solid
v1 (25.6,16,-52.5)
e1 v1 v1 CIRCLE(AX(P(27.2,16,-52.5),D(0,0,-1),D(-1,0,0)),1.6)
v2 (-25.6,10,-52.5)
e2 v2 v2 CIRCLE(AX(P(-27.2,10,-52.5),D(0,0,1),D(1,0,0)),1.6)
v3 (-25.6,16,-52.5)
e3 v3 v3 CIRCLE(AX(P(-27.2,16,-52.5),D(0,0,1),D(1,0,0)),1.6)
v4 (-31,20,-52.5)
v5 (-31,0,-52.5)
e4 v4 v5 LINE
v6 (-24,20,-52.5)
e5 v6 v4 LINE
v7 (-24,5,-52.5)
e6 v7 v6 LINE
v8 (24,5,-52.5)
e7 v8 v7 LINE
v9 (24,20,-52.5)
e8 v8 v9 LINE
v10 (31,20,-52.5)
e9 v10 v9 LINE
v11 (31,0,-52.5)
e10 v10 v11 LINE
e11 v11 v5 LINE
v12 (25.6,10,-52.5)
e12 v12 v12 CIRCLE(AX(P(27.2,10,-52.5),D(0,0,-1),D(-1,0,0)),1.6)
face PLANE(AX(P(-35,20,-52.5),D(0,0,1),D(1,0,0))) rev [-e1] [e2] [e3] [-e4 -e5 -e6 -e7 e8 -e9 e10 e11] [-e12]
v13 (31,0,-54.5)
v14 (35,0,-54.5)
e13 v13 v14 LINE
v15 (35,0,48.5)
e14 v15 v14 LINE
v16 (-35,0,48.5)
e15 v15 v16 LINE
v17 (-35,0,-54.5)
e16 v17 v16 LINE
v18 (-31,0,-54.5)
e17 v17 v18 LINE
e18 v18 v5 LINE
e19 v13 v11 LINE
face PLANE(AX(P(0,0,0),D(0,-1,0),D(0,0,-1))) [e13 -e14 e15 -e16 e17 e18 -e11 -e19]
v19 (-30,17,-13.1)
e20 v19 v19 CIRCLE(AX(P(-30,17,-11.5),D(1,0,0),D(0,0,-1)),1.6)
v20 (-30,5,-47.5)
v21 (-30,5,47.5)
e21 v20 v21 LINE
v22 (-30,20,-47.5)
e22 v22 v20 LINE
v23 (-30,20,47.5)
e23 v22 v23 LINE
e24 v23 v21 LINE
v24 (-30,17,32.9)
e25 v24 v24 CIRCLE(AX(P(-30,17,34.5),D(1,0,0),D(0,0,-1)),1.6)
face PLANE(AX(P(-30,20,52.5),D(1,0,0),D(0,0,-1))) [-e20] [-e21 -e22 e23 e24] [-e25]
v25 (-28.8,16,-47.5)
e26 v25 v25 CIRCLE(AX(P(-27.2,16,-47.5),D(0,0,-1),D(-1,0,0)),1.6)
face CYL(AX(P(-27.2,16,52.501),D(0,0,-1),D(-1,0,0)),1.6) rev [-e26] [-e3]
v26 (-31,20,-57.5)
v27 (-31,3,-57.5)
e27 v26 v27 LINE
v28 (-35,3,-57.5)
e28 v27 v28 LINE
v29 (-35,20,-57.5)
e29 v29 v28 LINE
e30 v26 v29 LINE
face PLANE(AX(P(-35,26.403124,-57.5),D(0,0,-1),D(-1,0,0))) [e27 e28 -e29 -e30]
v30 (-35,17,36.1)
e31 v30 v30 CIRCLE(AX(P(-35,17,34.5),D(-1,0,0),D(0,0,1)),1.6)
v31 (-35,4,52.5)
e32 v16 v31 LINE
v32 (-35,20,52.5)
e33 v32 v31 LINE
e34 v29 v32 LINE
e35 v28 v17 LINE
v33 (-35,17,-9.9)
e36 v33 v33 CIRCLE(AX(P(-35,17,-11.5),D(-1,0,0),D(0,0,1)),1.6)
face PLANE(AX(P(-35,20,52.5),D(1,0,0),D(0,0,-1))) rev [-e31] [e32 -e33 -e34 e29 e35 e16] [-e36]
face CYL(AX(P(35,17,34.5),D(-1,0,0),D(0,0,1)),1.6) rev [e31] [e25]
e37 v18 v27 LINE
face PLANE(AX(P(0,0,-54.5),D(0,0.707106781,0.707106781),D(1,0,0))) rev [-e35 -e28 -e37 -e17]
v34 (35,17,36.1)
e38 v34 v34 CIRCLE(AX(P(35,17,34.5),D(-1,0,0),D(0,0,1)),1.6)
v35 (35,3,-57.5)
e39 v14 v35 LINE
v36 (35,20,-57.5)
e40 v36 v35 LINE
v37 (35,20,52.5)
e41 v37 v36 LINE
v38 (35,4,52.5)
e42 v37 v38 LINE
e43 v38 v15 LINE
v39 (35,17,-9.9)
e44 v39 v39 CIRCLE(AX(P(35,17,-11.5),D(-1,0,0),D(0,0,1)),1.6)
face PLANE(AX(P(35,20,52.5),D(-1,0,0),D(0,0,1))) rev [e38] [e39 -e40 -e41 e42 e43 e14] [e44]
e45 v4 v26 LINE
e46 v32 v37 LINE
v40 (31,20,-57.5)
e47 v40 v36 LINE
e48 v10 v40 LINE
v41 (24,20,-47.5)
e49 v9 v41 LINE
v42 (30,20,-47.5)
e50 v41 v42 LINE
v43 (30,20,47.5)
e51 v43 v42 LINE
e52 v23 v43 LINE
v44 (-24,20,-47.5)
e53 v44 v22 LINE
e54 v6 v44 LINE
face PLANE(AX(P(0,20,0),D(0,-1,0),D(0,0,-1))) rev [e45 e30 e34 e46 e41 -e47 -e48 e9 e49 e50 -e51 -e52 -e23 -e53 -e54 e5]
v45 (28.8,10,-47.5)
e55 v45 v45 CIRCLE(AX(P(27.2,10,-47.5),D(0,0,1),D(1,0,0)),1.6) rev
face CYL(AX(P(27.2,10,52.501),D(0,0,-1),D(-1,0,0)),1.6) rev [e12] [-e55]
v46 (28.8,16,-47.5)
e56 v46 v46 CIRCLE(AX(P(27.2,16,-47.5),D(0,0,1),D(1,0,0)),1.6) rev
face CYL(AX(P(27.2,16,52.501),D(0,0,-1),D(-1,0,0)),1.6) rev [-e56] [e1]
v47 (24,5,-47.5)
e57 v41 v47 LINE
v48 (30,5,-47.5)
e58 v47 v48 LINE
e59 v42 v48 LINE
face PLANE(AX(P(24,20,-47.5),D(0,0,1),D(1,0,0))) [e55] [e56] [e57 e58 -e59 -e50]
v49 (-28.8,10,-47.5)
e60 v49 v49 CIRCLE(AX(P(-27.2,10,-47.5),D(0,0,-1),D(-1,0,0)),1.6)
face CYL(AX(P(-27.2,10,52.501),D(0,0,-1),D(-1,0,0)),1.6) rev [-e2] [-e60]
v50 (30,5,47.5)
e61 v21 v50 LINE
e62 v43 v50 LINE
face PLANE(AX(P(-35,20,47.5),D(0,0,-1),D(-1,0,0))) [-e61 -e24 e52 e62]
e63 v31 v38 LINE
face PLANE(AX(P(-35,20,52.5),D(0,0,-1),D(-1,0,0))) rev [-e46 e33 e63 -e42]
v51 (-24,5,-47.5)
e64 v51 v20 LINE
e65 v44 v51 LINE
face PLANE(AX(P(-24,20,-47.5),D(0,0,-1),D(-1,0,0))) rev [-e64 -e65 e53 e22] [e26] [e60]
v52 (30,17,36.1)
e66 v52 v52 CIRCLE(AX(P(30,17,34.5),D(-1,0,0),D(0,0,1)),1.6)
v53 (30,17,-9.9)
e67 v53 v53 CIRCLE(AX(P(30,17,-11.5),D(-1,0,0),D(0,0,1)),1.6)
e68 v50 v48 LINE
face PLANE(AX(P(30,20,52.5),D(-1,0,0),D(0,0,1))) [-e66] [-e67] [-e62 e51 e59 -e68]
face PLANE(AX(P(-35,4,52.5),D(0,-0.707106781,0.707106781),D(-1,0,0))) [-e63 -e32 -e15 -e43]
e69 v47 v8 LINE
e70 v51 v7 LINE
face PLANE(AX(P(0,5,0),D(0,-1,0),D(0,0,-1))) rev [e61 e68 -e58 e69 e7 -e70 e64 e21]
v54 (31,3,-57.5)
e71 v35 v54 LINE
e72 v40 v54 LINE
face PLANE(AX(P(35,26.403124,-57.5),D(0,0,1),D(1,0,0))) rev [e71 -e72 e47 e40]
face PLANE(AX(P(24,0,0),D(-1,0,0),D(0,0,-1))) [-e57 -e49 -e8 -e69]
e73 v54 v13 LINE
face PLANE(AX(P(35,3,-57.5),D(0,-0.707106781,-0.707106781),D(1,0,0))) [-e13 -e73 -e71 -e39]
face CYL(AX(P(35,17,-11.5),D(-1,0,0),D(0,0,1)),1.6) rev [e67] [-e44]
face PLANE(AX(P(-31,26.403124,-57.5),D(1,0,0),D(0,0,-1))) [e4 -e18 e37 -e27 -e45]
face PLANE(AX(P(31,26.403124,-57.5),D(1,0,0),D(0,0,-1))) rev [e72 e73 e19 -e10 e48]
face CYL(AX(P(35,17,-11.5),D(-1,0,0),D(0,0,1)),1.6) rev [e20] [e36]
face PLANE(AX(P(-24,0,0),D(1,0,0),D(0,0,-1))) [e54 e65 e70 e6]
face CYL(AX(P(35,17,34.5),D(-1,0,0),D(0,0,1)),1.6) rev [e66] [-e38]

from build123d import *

# Parameters (mm, degrees)
CROQUIS1_W                 = 70
CROQUIS1_H                 = 105
SALIENTE_EXTRUIR1_DEPTH    = 20
VACIADO1_T                 = -5
CROQUIS3_R                 = 1.6
CORTAR_EXTRUIR1_DEPTH      = 70
CROQUIS4_W                 = 60
CROQUIS4_H                 = 15
CORTAR_EXTRUIR2_DEPTH      = 5
CROQUIS5_W                 = 5
CROQUIS5_H                 = 15
SALIENTE_EXTRUIR2_DEPTH    = 6
CORTAR_EXTRUIR3_REACH      = 114.472
CROQUIS6_R                 = 1.6
CROQUIS7_W                 = 4
CROQUIS7_H                 = 5
SALIENTE_EXTRUIR3_DEPTH    = 20
CHAFL_N1_SIZE              = 3
CHAFL_N1_OF_SIMETR_A3_SIZE = 3
CHAFL_N2_SIZE              = 4


with BuildPart() as part:
    # Croquis1 → Saliente-Extruir1 (new body)
    with BuildSketch(Plane(origin=(0, 0, 0), x_dir=(1, 0, 0), z_dir=(0, 1, 0))):
        Rectangle(CROQUIS1_W, CROQUIS1_H)
    extrude(amount=SALIENTE_EXTRUIR1_DEPTH)

    # Vaciado1
    vaciado1_openings = [part.faces().sort_by_distance(p)[0] for p in [
        (0, 20, 0),
    ]]
    offset(amount=VACIADO1_T, openings=vaciado1_openings, kind=Kind.INTERSECTION)

    # Croquis3 → Cortar-Extruir1 (cut)
    with BuildSketch(Plane.ZY.offset(35)):
        with Locations((34.5, 17)):
            Circle(CROQUIS3_R)
        with Locations((-11.5, 17)):
            Circle(CROQUIS3_R)
    extrude(amount=-CORTAR_EXTRUIR1_DEPTH, mode=Mode.SUBTRACT)

    # Croquis4 → Cortar-Extruir2 (cut)
    with BuildSketch(Plane(origin=(0, 0, -52.5), x_dir=(-1, 0, 0), z_dir=(0, 0, -1))):
        with Locations((0, 12.5)):
            Rectangle(CROQUIS4_W, CROQUIS4_H)
    extrude(amount=-CORTAR_EXTRUIR2_DEPTH, mode=Mode.SUBTRACT)

    # Croquis5 → Saliente-Extruir2 (add)
    with BuildSketch(Plane(origin=(-30, 0, 0), x_dir=(0, 0, -1), z_dir=(1, 0, 0))):
        with Locations((50, 12.5)):
            Rectangle(CROQUIS5_W, CROQUIS5_H)
    saliente_extruir2 = extrude(amount=SALIENTE_EXTRUIR2_DEPTH)

    # Simetría1: Saliente-Extruir2 across plane
    add(saliente_extruir2.mirror(Plane(origin=(0, 0, 0), x_dir=(0, 0, 1), z_dir=(1, 0, 0))))

    # Croquis6 → Cortar-Extruir3 (cut, up to next)
    with BuildSketch(Plane(origin=(0, 0, -52.5), x_dir=(-1, 0, 0), z_dir=(0, 0, -1)), mode=Mode.PRIVATE) as cortar_extruir3_sk1:
        with Locations((-27.2, 16)):
            Circle(CROQUIS6_R)
    cortar_extruir3_tool1 = extrude(cortar_extruir3_sk1.sketch, amount=-CORTAR_EXTRUIR3_REACH, mode=Mode.PRIVATE) & part.part
    # Croquis6 → Cortar-Extruir3 (cut, up to next)
    with BuildSketch(Plane(origin=(0, 0, -52.5), x_dir=(-1, 0, 0), z_dir=(0, 0, -1)), mode=Mode.PRIVATE) as cortar_extruir3_sk2:
        with Locations((-27.2, 10)):
            Circle(CROQUIS6_R)
    cortar_extruir3_tool2 = extrude(cortar_extruir3_sk2.sketch, amount=-CORTAR_EXTRUIR3_REACH, mode=Mode.PRIVATE) & part.part
    cortar_extruir3_1 = cortar_extruir3_tool1.solids().sort_by_distance((27.2, 16, -52.5))[0]
    add(cortar_extruir3_1, mode=Mode.SUBTRACT)
    cortar_extruir3_2 = cortar_extruir3_tool2.solids().sort_by_distance((27.2, 10, -52.5))[0]
    add(cortar_extruir3_2, mode=Mode.SUBTRACT)
    cortar_extruir3 = cortar_extruir3_1 + cortar_extruir3_2  # Cortar-Extruir3 as one shape, for the pattern or mirror that repeats it

    # Simetría2: Cortar-Extruir3 across plane
    add(cortar_extruir3.mirror(Plane(origin=(0, 0, 0), x_dir=(0, 0, 1), z_dir=(1, 0, 0))), mode=Mode.SUBTRACT)

    # Croquis7 → Saliente-Extruir3 (add)
    with BuildSketch(Plane(origin=(0, 0, 0), x_dir=(1, 0, 0), z_dir=(0, 1, 0))):
        with Locations((33, 55)):
            Rectangle(CROQUIS7_W, CROQUIS7_H)
    saliente_extruir3 = extrude(amount=SALIENTE_EXTRUIR3_DEPTH)

    # Chaflán1
    chafl_n1_edges = [part.edges().sort_by_distance(p)[0] for p in [
        (33, 0, -57.5),
    ]]
    chamfer(chafl_n1_edges, length=CHAFL_N1_SIZE)

    # Simetría3: Saliente-Extruir3 across plane
    add(saliente_extruir3.mirror(Plane(origin=(0, 0, 0), x_dir=(0, 0, 1), z_dir=(1, 0, 0))))

    # Chaflán1 of Simetría3
    chafl_n1_of_simetr_a3_edges = [part.edges().sort_by_distance(p)[0] for p in [
        (-33, 0, -57.5),
    ]]
    chamfer(chafl_n1_of_simetr_a3_edges, length=CHAFL_N1_OF_SIMETR_A3_SIZE)

    # Chaflán2
    chafl_n2_edges = [part.edges().sort_by_distance(p)[0] for p in [
        (0, 0, 52.5),
    ]]
    chamfer(chafl_n2_edges, length=CHAFL_N2_SIZE)


solid = part.part
